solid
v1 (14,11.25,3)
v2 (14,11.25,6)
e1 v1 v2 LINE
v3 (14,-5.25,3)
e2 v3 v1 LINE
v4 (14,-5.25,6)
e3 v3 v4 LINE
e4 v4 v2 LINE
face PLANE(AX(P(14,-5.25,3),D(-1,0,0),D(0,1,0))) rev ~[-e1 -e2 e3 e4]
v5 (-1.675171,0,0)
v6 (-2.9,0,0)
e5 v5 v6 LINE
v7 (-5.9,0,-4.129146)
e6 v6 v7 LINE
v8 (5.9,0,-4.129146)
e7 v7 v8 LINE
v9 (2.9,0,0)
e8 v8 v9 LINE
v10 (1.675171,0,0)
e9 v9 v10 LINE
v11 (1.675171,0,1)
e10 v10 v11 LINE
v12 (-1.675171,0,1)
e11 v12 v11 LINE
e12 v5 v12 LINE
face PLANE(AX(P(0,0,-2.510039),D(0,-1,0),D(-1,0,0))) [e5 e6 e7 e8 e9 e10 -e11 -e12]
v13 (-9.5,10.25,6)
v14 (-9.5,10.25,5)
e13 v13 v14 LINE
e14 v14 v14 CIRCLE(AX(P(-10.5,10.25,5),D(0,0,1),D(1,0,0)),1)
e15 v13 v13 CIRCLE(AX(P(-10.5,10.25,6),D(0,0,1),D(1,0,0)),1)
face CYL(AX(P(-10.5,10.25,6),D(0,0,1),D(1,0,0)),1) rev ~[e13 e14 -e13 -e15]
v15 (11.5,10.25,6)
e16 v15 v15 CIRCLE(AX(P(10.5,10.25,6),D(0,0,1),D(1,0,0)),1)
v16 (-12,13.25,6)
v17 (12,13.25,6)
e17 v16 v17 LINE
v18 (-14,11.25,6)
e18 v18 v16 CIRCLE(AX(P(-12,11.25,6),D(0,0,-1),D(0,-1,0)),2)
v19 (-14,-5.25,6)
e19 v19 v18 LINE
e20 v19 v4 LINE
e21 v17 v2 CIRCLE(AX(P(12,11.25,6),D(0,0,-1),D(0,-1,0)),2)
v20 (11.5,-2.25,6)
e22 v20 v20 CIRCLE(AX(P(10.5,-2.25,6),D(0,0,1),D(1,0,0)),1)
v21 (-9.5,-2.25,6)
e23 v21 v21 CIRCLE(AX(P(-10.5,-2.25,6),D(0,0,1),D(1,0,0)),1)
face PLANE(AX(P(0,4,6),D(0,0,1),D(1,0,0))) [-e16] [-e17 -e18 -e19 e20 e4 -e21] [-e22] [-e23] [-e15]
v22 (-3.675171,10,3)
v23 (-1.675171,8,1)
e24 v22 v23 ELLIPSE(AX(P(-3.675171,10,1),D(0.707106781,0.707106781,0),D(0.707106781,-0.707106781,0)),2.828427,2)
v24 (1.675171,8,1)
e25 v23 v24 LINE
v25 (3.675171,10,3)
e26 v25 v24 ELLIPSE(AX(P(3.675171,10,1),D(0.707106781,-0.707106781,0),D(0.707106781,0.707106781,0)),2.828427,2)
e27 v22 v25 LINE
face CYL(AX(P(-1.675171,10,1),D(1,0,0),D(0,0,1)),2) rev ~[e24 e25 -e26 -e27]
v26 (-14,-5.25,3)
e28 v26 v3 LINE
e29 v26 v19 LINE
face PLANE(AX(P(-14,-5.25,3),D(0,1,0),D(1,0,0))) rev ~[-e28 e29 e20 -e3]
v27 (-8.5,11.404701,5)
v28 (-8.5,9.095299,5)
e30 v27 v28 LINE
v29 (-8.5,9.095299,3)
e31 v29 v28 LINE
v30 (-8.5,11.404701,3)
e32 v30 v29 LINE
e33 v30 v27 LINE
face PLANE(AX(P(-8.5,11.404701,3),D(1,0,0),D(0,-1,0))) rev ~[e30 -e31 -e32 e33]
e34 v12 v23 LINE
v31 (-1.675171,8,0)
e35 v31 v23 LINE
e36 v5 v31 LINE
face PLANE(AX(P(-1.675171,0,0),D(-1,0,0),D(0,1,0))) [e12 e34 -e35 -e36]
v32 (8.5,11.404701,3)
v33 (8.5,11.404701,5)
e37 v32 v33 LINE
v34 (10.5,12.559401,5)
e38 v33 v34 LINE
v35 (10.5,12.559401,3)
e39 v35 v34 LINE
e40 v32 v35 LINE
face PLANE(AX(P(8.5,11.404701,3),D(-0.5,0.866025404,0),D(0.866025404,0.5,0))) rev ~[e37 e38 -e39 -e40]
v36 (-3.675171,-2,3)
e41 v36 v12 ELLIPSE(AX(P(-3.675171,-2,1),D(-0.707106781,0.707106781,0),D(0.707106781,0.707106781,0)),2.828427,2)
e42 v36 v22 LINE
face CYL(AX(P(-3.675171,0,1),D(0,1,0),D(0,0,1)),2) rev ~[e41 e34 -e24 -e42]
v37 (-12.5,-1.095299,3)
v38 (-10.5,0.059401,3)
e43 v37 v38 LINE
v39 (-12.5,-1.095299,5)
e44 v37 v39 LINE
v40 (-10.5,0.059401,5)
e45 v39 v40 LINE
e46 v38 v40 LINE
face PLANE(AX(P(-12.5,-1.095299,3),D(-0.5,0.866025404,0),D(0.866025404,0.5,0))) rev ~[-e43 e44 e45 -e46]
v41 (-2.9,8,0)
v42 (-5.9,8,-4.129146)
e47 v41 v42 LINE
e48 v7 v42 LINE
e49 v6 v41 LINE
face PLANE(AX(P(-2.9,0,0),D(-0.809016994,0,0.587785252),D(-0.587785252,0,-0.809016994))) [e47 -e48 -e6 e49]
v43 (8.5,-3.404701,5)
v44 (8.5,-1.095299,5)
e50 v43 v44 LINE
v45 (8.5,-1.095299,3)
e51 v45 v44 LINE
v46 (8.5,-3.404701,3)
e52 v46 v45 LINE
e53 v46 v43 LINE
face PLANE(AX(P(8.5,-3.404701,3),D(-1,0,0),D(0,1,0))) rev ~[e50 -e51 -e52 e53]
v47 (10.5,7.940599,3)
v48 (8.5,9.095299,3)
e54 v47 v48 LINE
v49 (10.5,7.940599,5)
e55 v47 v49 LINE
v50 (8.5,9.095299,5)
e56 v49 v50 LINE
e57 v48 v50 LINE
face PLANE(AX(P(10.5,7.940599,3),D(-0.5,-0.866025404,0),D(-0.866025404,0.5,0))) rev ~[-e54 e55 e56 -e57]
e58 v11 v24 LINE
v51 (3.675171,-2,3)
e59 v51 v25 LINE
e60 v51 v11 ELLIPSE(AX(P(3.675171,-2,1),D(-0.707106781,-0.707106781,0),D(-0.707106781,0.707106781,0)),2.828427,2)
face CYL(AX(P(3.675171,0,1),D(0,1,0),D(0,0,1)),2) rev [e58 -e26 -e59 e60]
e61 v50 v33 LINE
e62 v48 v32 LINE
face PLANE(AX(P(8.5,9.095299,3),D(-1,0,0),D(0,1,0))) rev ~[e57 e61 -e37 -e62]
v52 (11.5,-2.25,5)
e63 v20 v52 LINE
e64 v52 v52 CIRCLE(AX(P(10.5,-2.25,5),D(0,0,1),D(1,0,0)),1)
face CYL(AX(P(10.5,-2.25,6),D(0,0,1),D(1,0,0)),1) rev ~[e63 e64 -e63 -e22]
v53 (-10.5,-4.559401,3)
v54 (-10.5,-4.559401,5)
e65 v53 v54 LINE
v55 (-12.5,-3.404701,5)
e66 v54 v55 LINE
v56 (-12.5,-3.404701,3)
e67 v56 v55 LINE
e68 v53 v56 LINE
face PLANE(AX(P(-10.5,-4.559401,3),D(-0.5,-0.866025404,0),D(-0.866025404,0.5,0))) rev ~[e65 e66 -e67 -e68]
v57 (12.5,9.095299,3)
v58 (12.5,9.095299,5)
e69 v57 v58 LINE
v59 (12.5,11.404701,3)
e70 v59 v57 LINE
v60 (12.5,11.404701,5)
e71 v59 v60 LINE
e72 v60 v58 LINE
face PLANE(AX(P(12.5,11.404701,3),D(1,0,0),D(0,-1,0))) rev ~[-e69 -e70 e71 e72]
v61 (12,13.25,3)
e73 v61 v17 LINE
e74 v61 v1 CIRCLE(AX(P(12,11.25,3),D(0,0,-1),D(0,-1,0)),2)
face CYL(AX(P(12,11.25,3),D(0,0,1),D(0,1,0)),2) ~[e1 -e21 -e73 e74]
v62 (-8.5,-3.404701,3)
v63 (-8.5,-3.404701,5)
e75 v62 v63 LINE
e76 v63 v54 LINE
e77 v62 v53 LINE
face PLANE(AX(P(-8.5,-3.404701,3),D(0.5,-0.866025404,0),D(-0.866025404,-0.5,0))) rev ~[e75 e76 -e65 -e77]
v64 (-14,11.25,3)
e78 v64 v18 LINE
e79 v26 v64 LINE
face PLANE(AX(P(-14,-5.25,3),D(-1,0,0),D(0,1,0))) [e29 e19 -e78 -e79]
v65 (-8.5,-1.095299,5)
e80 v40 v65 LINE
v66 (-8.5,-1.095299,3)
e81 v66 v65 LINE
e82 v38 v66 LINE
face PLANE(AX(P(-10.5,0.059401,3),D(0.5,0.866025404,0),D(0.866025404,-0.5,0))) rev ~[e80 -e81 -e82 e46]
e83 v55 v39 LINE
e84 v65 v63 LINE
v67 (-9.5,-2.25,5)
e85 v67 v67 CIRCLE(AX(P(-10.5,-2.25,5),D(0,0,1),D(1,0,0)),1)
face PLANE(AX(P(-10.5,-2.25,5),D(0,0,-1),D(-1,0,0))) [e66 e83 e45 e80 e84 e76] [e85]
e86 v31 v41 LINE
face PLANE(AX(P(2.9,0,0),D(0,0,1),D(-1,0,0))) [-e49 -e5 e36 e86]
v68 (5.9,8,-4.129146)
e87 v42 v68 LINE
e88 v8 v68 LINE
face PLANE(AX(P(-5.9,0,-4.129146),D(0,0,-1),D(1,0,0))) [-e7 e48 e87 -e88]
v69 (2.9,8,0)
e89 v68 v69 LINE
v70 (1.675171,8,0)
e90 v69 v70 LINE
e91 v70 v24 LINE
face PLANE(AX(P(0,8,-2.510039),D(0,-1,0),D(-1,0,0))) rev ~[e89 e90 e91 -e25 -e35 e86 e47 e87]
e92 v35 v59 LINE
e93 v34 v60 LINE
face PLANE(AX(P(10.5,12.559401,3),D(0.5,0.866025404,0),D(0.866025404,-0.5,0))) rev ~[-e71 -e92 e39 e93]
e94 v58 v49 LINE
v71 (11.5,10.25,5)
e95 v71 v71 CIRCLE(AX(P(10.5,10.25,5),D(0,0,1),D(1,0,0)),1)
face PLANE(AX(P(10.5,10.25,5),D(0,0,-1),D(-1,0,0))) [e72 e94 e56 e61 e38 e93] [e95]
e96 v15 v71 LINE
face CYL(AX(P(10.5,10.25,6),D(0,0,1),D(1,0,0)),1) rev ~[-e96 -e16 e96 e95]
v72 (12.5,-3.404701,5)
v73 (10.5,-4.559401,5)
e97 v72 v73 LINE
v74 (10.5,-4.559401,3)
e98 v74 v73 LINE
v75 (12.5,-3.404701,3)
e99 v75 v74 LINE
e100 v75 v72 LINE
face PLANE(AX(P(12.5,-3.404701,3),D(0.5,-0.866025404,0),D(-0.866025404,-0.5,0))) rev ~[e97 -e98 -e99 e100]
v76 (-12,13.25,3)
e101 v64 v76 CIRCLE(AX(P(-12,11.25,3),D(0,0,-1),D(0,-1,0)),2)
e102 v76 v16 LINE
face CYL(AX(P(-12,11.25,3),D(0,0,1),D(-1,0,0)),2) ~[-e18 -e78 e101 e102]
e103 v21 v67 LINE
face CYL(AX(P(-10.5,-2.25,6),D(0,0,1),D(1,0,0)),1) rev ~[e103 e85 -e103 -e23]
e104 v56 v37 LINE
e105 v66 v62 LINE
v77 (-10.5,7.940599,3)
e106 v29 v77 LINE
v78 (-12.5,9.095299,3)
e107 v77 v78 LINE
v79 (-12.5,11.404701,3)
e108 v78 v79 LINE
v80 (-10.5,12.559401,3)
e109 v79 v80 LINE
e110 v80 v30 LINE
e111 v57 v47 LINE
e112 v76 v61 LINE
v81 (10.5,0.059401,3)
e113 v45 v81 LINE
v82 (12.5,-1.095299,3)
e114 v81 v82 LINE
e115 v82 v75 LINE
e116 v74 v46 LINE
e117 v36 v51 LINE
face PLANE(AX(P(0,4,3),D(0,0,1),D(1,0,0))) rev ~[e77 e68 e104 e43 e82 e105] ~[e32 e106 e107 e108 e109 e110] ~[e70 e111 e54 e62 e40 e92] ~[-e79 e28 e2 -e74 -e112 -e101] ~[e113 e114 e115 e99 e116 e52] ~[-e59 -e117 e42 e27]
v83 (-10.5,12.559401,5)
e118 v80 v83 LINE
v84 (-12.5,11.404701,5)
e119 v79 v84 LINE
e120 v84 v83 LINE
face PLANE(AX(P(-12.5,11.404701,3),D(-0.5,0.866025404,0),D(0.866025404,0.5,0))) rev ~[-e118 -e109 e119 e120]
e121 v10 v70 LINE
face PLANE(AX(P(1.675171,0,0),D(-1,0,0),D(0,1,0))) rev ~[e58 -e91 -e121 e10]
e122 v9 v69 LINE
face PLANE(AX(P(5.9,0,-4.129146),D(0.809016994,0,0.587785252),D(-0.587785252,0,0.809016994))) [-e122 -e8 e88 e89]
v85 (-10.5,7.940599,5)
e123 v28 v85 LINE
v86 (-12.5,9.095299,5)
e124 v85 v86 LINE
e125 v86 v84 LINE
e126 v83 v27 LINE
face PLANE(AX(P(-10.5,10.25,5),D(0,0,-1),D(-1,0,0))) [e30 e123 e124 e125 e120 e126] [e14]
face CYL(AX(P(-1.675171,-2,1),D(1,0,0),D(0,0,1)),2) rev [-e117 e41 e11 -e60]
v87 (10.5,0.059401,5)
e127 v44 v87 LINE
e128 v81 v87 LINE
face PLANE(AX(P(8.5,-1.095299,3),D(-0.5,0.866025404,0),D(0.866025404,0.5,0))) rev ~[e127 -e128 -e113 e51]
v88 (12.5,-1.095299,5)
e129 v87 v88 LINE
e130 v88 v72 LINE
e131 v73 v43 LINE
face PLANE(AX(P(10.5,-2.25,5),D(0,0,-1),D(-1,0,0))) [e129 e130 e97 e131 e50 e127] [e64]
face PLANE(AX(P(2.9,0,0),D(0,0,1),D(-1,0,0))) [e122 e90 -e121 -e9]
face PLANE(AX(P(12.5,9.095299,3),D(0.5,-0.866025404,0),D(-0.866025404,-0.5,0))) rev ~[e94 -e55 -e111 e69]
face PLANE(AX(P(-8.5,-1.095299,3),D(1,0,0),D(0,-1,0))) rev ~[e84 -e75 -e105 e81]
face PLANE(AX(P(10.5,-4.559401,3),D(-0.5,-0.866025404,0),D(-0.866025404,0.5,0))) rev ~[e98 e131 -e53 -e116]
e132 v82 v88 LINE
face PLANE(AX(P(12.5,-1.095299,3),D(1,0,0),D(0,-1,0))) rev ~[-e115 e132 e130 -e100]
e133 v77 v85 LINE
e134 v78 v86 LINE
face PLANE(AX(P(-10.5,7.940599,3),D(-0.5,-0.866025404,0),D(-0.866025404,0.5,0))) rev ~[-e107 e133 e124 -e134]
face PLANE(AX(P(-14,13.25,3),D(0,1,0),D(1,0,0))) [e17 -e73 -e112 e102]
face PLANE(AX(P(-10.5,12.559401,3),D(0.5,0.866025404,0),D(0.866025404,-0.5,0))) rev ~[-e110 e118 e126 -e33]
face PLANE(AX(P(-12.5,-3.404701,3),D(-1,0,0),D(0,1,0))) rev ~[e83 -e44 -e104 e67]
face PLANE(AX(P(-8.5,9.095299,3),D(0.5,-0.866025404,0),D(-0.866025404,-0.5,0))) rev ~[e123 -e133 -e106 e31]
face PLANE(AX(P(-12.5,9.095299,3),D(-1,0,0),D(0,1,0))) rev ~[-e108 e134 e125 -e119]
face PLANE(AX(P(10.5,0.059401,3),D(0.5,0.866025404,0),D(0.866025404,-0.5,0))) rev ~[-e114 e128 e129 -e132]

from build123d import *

# Parameters (mm, degrees)
DOVETAIL_DEPTH     = 8
SKETCH2_W          = 3.35034124
SKETCH2_H          = 8
STEM_DEPTH         = 3
SKETCH3_W          = 28
SKETCH3_H          = 18.5
CAMERA_PLATE_DEPTH = 3
FILLET1_R          = 2
SKETCH4_R          = 1
SCREW_HOLES_DEPTH  = 3
NUT_HOLES_DEPTH    = 2
FILLET2_R          = 2


with BuildPart() as part:
    # Sketch1 → Dovetail (new body)
    with BuildSketch(Plane(origin=(0, 0, 0), x_dir=(1, 0, 0), z_dir=(0, 1, 0))):
        Polygon((-2.9, 0), (-5.9, 4.129145761), (5.9, 4.129145761), (2.9, 0), align=None)
    extrude(amount=DOVETAIL_DEPTH)

    # Sketch2 → Stem (add)
    with BuildSketch(Plane.XY):
        with Locations((0, 4)):
            Rectangle(SKETCH2_W, SKETCH2_H)
    extrude(amount=STEM_DEPTH)

    # Sketch3 → Camera Plate (add)
    with BuildSketch(Plane.XY.offset(3)):
        with Locations((0, 4)):
            Rectangle(SKETCH3_W, SKETCH3_H)
    extrude(amount=CAMERA_PLATE_DEPTH)

    # Fillet1
    fillet1_edges = [part.edges().sort_by_distance(p)[0] for p in [
        (1.67517062, 4, 3),
        (0, 8, 3),
        (-1.67517062, 4, 3),
        (0, 0, 3),
    ]]
    fillet(fillet1_edges, radius=FILLET1_R)

    # Sketch4 → Screw Holes (cut)
    with BuildSketch(Plane.XY.offset(6)):
        with Locations((-10.5, 10.25)):
            Circle(SKETCH4_R)
        with Locations((10.5, 10.25)):
            Circle(SKETCH4_R)
        with Locations((10.5, -2.25)):
            Circle(SKETCH4_R)
        with Locations((-10.5, -2.25)):
            Circle(SKETCH4_R)
    extrude(amount=-SCREW_HOLES_DEPTH, mode=Mode.SUBTRACT)

    # Sketch5 → Nut Holes (cut)
    with BuildSketch(Plane(origin=(0, 0, 3), x_dir=(-1, 0, 0), z_dir=(0, 0, -1))):
        Polygon((-10.5, 12.559401077), (-12.5, 11.404700538), (-12.5, 9.095299462), (-10.5, 7.940598923), (-8.5, 9.095299462), (-8.5, 11.404700538), align=None)
        Polygon((10.5, 12.559401077), (8.5, 11.404700538), (8.5, 9.095299462), (10.5, 7.940598923), (12.5, 9.095299462), (12.5, 11.404700538), align=None)
        Polygon((-10.5, -4.559401077), (-8.5, -3.404700538), (-8.5, -1.095299462), (-10.5, 0.059401077), (-12.5, -1.095299462), (-12.5, -3.404700538), align=None)
        Polygon((10.5, -4.559401077), (12.5, -3.404700538), (12.5, -1.095299462), (10.5, 0.059401077), (8.5, -1.095299462), (8.5, -3.404700538), align=None)
    extrude(amount=-NUT_HOLES_DEPTH, mode=Mode.SUBTRACT)

    # Fillet2
    fillet2_edges = [part.edges().sort_by_distance(p)[0] for p in [
        (14, 13.25, 4.5),
        (-14, 13.25, 4.5),
    ]]
    fillet(fillet2_edges, radius=FILLET2_R)


solid = part.part
